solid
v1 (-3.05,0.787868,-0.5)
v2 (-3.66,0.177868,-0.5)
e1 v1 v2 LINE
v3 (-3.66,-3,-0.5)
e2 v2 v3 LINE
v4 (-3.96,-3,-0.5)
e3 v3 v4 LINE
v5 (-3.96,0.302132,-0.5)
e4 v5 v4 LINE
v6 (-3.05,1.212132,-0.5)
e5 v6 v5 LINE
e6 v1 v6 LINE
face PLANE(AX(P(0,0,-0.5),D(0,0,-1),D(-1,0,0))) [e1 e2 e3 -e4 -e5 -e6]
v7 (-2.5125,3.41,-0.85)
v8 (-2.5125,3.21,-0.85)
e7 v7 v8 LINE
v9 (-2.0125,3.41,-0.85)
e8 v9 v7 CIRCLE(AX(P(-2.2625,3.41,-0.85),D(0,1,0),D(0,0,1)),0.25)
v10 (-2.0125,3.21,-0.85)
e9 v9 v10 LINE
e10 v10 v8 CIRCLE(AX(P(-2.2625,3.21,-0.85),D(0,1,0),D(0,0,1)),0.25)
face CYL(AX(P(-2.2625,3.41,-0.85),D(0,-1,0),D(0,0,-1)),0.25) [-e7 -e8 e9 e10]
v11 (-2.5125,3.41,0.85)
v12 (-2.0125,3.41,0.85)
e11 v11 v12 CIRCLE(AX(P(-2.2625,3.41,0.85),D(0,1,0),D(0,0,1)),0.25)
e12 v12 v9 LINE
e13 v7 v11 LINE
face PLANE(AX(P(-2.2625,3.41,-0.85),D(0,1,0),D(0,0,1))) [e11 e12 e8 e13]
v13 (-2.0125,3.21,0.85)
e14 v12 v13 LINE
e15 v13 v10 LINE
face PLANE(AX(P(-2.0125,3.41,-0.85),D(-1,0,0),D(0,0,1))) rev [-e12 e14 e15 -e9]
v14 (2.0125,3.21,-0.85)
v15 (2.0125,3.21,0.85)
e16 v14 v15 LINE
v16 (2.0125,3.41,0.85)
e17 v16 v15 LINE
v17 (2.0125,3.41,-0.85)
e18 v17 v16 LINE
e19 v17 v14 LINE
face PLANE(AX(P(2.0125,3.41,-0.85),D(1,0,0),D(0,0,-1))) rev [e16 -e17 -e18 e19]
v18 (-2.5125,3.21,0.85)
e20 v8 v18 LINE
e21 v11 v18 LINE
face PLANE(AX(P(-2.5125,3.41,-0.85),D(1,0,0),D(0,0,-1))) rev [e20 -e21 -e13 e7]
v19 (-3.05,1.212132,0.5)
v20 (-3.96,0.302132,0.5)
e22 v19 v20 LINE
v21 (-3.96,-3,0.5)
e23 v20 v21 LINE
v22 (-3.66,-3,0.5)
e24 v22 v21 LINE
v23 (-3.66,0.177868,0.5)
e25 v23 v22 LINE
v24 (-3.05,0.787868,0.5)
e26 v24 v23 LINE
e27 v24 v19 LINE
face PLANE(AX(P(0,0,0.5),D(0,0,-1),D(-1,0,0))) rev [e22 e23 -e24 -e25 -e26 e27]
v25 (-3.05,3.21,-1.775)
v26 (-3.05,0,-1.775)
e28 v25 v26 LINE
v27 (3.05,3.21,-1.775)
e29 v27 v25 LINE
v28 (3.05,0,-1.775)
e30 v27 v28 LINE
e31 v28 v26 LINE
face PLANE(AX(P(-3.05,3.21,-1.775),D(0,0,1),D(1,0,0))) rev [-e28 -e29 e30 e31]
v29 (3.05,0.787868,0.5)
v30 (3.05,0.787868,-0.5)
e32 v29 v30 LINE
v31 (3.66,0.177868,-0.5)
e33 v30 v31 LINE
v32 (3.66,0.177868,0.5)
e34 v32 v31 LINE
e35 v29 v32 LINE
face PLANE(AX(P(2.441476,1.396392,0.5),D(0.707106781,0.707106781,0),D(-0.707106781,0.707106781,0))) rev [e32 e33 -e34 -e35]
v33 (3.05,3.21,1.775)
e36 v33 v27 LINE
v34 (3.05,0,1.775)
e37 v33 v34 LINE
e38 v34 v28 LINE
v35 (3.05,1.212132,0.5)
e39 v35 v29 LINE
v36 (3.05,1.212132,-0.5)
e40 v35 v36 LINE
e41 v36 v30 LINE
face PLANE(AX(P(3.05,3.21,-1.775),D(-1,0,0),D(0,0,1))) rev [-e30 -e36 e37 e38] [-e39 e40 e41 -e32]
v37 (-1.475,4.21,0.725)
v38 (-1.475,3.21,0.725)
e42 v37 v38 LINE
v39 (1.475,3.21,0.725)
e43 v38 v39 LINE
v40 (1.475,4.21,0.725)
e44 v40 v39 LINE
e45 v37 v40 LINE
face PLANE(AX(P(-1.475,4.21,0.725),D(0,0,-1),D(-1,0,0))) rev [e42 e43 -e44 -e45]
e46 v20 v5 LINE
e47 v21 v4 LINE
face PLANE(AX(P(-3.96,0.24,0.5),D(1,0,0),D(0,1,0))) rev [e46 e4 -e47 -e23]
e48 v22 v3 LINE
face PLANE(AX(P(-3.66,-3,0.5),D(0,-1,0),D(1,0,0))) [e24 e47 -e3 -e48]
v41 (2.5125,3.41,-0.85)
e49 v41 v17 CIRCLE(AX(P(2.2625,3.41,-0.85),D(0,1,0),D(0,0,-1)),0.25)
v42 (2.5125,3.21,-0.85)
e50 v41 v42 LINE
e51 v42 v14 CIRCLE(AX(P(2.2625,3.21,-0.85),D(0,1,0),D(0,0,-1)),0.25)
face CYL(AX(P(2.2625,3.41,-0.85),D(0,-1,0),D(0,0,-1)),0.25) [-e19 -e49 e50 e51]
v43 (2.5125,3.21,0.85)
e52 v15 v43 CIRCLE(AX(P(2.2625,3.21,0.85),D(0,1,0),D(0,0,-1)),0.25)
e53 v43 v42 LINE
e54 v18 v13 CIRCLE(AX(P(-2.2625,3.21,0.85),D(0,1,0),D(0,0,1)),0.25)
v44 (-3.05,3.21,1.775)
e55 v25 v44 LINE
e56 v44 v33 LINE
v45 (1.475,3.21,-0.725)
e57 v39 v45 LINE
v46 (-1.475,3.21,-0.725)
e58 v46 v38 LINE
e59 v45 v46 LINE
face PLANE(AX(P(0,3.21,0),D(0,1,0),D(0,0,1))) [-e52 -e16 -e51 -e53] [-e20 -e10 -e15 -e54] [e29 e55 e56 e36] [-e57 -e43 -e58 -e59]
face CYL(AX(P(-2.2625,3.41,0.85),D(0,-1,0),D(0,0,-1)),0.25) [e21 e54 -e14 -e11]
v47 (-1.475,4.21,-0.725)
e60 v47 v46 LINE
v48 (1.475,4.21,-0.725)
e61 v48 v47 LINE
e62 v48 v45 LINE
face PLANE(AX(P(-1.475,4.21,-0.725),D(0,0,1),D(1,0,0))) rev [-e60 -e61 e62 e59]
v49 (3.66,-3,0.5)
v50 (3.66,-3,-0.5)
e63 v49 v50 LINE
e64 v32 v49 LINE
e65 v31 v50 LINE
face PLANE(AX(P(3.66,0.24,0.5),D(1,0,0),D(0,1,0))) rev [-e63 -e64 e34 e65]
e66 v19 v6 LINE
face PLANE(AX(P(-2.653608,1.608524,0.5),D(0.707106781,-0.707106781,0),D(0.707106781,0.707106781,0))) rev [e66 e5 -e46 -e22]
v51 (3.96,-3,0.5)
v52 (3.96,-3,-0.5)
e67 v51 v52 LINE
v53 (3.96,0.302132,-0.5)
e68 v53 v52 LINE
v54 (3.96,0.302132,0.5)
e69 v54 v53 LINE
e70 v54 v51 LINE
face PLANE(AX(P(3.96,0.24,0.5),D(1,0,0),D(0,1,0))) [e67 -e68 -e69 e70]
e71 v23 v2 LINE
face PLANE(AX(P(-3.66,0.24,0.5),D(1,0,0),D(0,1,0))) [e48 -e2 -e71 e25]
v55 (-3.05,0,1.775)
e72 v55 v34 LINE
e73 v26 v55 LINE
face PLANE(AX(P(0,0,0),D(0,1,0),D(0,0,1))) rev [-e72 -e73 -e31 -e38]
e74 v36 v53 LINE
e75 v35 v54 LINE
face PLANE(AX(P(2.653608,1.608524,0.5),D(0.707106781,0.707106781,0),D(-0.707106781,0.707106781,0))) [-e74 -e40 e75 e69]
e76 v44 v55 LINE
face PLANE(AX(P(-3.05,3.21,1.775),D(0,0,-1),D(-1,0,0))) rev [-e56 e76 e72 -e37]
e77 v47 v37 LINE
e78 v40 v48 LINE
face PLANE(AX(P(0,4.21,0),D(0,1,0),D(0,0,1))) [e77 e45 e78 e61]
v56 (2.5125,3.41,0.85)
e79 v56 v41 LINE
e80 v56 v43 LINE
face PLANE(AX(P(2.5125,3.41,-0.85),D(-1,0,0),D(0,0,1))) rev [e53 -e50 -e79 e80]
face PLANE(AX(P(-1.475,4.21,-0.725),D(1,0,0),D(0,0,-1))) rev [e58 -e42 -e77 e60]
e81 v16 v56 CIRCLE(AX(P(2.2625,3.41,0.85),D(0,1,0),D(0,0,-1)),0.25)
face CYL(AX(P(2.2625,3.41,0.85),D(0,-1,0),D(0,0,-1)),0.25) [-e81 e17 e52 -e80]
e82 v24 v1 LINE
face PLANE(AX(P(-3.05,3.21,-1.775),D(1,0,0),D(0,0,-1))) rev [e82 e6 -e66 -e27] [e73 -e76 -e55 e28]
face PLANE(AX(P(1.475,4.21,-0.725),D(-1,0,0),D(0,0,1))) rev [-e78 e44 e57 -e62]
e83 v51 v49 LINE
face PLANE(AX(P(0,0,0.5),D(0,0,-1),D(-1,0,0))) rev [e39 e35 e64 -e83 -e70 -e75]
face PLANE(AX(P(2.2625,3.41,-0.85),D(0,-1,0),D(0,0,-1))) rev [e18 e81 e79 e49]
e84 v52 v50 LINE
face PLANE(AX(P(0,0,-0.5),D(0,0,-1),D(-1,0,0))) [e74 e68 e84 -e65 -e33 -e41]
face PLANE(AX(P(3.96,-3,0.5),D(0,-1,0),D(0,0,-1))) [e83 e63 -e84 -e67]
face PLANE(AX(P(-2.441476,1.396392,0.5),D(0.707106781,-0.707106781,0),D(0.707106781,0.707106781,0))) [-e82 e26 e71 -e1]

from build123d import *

# Parameters (mm, degrees)
SKETCH1_W           = 6.1
SKETCH1_H           = 3.55
BOSS_EXTRUDE1_DEPTH = 3.21
SKETCH2_W           = 2.95
SKETCH2_H           = 1.45
BOSS_EXTRUDE2_DEPTH = 1
BOSS_EXTRUDE3_DEPTH = 0.2
EXTRUDE_THIN1_DEPTH = 0.5


with BuildPart() as part:
    # Sketch1 → Boss-Extrude1 (new body)
    with BuildSketch(Plane(origin=(0, 0, 0), x_dir=(1, 0, 0), z_dir=(0, 1, 0))):
        Rectangle(SKETCH1_W, SKETCH1_H)
    extrude(amount=BOSS_EXTRUDE1_DEPTH)

    # Sketch2 → Boss-Extrude2 (add)
    with BuildSketch(Plane(origin=(0, 3.21, 0), x_dir=(1, 0, 0), z_dir=(0, 1, 0))):
        Rectangle(SKETCH2_W, SKETCH2_H)
    extrude(amount=BOSS_EXTRUDE2_DEPTH)

    # Sketch3 → Boss-Extrude3 (add)
    with BuildSketch(Plane(origin=(0, 3.21, 0), x_dir=(1, 0, 0), z_dir=(0, 1, 0))):
        with BuildLine():
            Line((-2.0125, 0.85), (-2.0125, -0.85))
            ThreePointArc((-2.0125, -0.85), (-2.2625, -1.1), (-2.5125, -0.85))
            Line((-2.5125, -0.85), (-2.5125, 0.85))
            ThreePointArc((-2.5125, 0.85), (-2.2625, 1.1), (-2.0125, 0.85))
        make_face()
        with BuildLine():
            Line((2.0125, 0.85), (2.0125, -0.85))
            ThreePointArc((2.0125, -0.85), (2.2625, -1.1), (2.5125, -0.85))
            Line((2.5125, -0.85), (2.5125, 0.85))
            ThreePointArc((2.5125, 0.85), (2.2625, 1.1), (2.0125, 0.85))
        make_face()
    extrude(amount=BOSS_EXTRUDE3_DEPTH)

    # Sketch4 → Extrude-Thin1 (add, symmetric)
    with BuildSketch(Plane.XY):
        Polygon((-2.653608324, 1.60852371), (-3.96, 0.302132034), (-3.96, -3), (-3.66, -3), (-3.66, 0.177867966), (-2.44147629, 1.396391676), align=None)
        Polygon((2.44147629, 1.396391676), (3.66, 0.177867966), (3.66, -3), (3.96, -3), (3.96, 0.302132034), (2.653608324, 1.60852371), align=None)
    extrude(amount=EXTRUDE_THIN1_DEPTH, both=True)


solid = part.part
